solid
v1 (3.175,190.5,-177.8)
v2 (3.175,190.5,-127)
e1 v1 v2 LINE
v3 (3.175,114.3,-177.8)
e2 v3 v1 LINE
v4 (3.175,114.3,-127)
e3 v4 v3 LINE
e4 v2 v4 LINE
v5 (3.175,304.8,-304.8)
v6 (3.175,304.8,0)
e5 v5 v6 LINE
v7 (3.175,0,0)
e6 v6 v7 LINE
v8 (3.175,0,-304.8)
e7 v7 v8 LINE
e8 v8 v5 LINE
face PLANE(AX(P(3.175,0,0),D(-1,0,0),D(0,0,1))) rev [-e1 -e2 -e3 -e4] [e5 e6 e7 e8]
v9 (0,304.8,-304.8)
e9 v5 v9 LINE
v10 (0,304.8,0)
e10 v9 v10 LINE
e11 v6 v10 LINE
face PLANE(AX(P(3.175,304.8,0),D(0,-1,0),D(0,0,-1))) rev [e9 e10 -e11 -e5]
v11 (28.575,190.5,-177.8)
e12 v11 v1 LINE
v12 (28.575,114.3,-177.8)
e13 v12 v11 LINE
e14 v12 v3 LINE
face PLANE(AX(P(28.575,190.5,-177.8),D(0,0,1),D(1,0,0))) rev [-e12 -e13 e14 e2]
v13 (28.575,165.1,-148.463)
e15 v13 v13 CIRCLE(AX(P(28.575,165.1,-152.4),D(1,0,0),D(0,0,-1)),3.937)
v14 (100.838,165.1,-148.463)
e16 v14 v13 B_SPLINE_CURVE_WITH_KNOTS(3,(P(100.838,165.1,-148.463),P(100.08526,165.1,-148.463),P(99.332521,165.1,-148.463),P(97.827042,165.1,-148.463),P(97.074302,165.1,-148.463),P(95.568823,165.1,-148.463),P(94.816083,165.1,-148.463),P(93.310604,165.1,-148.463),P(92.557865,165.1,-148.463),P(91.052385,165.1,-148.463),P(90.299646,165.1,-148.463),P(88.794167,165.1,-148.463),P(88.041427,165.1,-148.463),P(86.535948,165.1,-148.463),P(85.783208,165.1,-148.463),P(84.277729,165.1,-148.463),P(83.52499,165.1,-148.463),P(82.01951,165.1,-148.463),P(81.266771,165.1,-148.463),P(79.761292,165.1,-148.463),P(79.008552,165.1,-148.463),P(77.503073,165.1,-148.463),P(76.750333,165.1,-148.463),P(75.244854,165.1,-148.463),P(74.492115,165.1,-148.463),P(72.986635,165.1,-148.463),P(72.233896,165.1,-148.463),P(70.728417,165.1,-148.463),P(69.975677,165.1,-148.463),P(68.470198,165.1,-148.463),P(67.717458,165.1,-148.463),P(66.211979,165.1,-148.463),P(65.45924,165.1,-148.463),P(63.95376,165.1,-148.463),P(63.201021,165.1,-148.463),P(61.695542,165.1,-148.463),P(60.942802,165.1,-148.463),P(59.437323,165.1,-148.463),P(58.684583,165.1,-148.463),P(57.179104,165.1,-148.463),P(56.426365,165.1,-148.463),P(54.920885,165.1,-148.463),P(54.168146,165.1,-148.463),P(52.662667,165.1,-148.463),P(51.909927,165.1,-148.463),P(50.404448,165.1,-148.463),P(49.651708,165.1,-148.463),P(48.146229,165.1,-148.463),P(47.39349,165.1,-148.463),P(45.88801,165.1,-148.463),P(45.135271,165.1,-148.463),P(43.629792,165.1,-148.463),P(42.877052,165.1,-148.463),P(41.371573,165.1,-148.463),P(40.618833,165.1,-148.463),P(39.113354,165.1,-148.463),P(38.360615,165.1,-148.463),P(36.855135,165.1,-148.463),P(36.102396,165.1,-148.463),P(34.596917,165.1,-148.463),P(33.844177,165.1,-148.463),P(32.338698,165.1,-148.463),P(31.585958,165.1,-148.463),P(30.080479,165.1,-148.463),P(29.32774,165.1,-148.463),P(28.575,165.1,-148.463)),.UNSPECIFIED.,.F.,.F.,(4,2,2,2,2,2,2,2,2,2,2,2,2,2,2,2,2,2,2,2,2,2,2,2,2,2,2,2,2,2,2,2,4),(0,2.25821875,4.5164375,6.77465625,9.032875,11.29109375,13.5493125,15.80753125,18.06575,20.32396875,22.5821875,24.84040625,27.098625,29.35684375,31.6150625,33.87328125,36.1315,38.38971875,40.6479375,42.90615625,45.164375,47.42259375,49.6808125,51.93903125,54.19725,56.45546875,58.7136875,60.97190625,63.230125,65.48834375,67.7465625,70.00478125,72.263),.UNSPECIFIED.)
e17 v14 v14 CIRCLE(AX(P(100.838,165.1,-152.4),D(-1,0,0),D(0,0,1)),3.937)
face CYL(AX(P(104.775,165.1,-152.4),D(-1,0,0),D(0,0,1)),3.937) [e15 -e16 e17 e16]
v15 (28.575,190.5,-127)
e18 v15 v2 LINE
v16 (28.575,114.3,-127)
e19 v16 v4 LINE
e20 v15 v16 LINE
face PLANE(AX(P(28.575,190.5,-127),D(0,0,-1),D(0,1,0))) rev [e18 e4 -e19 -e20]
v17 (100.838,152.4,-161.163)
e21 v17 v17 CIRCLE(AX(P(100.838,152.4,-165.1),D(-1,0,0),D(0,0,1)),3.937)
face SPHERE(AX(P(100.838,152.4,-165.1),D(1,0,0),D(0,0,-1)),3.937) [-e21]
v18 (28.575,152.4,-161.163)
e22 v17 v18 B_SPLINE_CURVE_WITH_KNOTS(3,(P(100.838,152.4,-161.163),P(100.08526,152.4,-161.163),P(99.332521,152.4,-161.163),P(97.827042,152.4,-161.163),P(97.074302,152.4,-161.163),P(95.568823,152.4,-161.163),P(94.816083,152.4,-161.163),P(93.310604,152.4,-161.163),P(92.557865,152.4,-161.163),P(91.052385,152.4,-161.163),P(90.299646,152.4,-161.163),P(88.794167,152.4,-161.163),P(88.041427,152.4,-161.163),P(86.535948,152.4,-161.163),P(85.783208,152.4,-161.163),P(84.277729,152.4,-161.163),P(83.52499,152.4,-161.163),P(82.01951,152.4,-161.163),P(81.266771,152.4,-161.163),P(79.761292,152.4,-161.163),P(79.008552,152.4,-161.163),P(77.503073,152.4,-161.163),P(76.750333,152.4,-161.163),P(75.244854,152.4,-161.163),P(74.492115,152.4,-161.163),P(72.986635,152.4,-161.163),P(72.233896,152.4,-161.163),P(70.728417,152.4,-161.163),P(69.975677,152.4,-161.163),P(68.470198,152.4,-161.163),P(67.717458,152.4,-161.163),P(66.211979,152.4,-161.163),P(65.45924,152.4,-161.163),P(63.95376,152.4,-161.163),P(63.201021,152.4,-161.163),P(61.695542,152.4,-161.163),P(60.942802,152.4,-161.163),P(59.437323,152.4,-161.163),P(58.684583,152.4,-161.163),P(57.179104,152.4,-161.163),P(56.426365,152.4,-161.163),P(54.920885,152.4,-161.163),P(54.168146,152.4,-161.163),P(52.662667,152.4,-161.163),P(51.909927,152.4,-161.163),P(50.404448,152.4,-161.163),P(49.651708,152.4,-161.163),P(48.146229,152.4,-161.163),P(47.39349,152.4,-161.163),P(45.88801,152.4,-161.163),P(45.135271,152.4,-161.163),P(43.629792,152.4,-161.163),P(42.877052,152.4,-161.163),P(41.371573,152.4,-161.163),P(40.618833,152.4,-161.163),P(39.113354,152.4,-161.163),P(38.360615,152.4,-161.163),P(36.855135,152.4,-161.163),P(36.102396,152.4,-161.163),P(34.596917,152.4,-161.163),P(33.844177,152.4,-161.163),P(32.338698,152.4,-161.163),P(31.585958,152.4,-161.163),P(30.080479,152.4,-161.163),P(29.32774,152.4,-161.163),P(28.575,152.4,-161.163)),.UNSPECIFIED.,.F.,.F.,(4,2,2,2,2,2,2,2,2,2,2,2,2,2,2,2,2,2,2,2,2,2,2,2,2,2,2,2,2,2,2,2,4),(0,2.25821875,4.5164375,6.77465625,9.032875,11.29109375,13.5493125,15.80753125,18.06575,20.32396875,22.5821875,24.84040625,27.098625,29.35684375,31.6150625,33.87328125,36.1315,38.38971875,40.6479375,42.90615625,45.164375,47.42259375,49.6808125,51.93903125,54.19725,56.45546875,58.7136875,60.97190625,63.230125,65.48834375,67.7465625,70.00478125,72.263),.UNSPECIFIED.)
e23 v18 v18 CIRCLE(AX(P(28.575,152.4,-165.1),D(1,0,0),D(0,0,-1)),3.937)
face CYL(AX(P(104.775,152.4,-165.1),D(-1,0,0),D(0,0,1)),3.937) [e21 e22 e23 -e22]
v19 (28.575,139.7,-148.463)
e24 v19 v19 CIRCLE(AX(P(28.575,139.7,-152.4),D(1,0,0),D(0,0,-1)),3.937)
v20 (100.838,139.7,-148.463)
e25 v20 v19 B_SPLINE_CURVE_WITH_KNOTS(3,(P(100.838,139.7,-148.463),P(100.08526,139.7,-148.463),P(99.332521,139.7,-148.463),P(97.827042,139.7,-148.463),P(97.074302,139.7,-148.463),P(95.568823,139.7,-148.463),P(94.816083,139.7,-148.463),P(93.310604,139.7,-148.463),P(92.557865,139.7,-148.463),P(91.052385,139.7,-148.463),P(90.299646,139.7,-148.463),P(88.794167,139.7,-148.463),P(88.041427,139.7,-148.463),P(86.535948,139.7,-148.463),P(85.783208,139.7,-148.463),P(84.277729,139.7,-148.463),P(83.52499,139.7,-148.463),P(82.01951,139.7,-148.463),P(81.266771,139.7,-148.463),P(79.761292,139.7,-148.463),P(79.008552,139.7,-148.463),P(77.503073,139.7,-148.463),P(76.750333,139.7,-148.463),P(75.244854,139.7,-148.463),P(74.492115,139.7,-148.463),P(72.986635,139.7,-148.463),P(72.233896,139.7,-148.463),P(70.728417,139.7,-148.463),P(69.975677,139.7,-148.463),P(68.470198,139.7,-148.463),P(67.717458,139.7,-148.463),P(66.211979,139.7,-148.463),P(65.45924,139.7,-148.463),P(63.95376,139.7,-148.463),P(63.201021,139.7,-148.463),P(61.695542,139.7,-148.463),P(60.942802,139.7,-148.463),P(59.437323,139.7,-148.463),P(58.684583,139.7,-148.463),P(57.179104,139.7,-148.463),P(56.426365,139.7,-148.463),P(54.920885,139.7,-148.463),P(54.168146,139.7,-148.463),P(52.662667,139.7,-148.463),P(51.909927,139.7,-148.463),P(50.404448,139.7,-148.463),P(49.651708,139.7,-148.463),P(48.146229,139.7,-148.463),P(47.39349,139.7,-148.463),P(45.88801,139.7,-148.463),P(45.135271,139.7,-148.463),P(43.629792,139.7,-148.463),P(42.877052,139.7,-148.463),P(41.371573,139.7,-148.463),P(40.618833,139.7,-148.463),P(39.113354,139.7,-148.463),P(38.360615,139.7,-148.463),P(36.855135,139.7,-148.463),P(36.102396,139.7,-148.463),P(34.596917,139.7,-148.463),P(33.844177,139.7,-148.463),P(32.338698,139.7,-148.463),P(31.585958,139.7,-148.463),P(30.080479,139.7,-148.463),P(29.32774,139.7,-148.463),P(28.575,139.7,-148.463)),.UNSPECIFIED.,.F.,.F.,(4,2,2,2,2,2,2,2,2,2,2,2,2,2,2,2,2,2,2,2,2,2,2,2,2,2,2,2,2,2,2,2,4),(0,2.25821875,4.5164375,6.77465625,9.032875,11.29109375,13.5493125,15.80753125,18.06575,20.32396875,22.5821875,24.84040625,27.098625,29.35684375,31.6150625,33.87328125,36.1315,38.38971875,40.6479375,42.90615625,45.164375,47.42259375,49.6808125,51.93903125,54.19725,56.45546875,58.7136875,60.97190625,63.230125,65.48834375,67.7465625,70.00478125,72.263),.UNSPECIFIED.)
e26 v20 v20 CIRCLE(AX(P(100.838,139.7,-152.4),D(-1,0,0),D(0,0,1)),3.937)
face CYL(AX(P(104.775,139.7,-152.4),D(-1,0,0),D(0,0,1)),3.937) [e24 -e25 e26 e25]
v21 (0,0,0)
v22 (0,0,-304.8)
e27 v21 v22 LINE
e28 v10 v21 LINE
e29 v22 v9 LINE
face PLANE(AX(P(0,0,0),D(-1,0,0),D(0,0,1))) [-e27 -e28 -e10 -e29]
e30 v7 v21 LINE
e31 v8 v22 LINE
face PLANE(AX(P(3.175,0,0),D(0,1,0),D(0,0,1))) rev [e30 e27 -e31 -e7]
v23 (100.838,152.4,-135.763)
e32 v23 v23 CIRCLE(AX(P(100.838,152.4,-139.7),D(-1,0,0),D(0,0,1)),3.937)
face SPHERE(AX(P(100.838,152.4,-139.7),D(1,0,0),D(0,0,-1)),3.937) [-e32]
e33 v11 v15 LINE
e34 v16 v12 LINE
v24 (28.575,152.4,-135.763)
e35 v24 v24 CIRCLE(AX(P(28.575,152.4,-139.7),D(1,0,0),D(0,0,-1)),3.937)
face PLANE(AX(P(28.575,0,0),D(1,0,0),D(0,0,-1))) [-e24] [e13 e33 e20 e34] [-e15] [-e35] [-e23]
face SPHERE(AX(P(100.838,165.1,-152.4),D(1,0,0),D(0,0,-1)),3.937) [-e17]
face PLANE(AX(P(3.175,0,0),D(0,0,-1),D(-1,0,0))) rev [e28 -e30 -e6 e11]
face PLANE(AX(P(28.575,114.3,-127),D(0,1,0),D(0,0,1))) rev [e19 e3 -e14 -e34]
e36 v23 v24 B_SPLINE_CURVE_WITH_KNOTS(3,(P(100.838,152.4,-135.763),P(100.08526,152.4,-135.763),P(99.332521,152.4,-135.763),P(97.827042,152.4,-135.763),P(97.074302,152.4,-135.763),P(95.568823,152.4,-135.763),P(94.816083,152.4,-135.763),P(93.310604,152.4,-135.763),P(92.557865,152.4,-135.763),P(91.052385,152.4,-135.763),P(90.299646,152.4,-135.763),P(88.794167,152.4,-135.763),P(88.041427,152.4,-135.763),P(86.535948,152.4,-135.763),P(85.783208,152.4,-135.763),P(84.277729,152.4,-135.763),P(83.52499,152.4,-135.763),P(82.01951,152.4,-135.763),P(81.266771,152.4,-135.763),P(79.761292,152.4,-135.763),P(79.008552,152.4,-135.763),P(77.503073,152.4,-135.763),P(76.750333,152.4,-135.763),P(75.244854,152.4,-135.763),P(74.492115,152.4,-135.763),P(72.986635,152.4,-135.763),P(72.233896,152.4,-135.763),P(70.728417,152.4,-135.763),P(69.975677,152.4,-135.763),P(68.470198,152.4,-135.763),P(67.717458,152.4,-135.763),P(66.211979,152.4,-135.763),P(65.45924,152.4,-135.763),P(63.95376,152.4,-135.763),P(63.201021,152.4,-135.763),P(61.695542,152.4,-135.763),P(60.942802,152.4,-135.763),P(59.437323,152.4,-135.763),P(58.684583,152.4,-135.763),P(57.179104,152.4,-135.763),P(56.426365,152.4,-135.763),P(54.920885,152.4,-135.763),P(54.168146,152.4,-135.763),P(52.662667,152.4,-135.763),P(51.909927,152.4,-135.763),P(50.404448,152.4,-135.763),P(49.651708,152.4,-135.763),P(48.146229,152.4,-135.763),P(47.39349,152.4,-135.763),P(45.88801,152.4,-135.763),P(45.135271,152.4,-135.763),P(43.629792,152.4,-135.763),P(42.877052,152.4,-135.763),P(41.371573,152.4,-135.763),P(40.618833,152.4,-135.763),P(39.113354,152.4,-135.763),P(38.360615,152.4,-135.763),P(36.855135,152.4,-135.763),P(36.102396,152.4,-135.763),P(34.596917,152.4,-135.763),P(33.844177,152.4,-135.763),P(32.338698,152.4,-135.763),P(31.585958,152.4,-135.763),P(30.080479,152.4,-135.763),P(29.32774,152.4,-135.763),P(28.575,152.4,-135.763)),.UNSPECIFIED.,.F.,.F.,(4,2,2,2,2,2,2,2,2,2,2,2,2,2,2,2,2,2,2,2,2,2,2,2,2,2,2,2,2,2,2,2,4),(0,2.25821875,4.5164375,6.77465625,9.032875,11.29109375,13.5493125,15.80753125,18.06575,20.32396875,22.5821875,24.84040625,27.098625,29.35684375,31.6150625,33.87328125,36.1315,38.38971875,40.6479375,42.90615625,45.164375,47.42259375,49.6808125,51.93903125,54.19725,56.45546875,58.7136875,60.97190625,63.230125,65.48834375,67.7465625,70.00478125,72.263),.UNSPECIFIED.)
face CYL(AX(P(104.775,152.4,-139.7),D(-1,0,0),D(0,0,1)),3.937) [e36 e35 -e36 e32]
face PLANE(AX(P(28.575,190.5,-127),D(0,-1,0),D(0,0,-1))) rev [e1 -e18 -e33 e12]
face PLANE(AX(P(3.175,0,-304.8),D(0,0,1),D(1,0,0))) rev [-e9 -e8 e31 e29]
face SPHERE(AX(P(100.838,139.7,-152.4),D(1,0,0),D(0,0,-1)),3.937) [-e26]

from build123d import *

# Parameters (mm, degrees)
SKETCH1_W           = 304.8
SKETCH1_H           = 304.8
BOSS_EXTRUDE1_DEPTH = 3.175
SKETCH2_W           = 50.8
SKETCH2_H           = 76.2
BOSS_EXTRUDE2_DEPTH = 25.4
SKETCH3_R           = 3.937
BOSS_EXTRUDE3_DEPTH = 76.2
FILLET2_R           = 3.937


with BuildPart() as part:
    # Sketch1 → Boss-Extrude1 (new body)
    with BuildSketch(Plane(origin=(0, 0, 0), x_dir=(0, 0, -1), z_dir=(1, 0, 0))):
        with Locations((152.4, 152.4)):
            Rectangle(SKETCH1_W, SKETCH1_H)
    extrude(amount=BOSS_EXTRUDE1_DEPTH)

    # Sketch2 → Boss-Extrude2 (add)
    with BuildSketch(Plane(origin=(3.175, 0, 0), x_dir=(0, 0, -1), z_dir=(1, 0, 0))):
        with Locations((152.4, 152.4)):
            Rectangle(SKETCH2_W, SKETCH2_H)
    extrude(amount=BOSS_EXTRUDE2_DEPTH)

    # Sketch3 → Boss-Extrude3 (add)
    with BuildSketch(Plane(origin=(28.575, 0, 0), x_dir=(0, 0, -1), z_dir=(1, 0, 0))):
        with Locations(Location((152.4, 139.7, 0), (0, 0, 180))):
            Circle(SKETCH3_R)
        with Locations(Location((165.1, 152.4, 0), (0, 0, 180))):
            Circle(SKETCH3_R)
        with Locations(Location((152.4, 165.1, 0), (0, 0, 180))):
            Circle(SKETCH3_R)
        with Locations(Location((139.7, 152.4, 0), (0, 0, 180))):
            Circle(SKETCH3_R)
    extrude(amount=BOSS_EXTRUDE3_DEPTH)

    # Fillet2
    fillet2_edges = [part.edges().sort_by_distance(p)[0] for p in [
        (104.775, 139.7, -156.337),
        (104.775, 152.4, -169.037),
        (104.775, 165.1, -156.337),
        (104.775, 152.4, -143.637),
    ]]
    fillet(fillet2_edges, radius=FILLET2_R)


solid = part.part
